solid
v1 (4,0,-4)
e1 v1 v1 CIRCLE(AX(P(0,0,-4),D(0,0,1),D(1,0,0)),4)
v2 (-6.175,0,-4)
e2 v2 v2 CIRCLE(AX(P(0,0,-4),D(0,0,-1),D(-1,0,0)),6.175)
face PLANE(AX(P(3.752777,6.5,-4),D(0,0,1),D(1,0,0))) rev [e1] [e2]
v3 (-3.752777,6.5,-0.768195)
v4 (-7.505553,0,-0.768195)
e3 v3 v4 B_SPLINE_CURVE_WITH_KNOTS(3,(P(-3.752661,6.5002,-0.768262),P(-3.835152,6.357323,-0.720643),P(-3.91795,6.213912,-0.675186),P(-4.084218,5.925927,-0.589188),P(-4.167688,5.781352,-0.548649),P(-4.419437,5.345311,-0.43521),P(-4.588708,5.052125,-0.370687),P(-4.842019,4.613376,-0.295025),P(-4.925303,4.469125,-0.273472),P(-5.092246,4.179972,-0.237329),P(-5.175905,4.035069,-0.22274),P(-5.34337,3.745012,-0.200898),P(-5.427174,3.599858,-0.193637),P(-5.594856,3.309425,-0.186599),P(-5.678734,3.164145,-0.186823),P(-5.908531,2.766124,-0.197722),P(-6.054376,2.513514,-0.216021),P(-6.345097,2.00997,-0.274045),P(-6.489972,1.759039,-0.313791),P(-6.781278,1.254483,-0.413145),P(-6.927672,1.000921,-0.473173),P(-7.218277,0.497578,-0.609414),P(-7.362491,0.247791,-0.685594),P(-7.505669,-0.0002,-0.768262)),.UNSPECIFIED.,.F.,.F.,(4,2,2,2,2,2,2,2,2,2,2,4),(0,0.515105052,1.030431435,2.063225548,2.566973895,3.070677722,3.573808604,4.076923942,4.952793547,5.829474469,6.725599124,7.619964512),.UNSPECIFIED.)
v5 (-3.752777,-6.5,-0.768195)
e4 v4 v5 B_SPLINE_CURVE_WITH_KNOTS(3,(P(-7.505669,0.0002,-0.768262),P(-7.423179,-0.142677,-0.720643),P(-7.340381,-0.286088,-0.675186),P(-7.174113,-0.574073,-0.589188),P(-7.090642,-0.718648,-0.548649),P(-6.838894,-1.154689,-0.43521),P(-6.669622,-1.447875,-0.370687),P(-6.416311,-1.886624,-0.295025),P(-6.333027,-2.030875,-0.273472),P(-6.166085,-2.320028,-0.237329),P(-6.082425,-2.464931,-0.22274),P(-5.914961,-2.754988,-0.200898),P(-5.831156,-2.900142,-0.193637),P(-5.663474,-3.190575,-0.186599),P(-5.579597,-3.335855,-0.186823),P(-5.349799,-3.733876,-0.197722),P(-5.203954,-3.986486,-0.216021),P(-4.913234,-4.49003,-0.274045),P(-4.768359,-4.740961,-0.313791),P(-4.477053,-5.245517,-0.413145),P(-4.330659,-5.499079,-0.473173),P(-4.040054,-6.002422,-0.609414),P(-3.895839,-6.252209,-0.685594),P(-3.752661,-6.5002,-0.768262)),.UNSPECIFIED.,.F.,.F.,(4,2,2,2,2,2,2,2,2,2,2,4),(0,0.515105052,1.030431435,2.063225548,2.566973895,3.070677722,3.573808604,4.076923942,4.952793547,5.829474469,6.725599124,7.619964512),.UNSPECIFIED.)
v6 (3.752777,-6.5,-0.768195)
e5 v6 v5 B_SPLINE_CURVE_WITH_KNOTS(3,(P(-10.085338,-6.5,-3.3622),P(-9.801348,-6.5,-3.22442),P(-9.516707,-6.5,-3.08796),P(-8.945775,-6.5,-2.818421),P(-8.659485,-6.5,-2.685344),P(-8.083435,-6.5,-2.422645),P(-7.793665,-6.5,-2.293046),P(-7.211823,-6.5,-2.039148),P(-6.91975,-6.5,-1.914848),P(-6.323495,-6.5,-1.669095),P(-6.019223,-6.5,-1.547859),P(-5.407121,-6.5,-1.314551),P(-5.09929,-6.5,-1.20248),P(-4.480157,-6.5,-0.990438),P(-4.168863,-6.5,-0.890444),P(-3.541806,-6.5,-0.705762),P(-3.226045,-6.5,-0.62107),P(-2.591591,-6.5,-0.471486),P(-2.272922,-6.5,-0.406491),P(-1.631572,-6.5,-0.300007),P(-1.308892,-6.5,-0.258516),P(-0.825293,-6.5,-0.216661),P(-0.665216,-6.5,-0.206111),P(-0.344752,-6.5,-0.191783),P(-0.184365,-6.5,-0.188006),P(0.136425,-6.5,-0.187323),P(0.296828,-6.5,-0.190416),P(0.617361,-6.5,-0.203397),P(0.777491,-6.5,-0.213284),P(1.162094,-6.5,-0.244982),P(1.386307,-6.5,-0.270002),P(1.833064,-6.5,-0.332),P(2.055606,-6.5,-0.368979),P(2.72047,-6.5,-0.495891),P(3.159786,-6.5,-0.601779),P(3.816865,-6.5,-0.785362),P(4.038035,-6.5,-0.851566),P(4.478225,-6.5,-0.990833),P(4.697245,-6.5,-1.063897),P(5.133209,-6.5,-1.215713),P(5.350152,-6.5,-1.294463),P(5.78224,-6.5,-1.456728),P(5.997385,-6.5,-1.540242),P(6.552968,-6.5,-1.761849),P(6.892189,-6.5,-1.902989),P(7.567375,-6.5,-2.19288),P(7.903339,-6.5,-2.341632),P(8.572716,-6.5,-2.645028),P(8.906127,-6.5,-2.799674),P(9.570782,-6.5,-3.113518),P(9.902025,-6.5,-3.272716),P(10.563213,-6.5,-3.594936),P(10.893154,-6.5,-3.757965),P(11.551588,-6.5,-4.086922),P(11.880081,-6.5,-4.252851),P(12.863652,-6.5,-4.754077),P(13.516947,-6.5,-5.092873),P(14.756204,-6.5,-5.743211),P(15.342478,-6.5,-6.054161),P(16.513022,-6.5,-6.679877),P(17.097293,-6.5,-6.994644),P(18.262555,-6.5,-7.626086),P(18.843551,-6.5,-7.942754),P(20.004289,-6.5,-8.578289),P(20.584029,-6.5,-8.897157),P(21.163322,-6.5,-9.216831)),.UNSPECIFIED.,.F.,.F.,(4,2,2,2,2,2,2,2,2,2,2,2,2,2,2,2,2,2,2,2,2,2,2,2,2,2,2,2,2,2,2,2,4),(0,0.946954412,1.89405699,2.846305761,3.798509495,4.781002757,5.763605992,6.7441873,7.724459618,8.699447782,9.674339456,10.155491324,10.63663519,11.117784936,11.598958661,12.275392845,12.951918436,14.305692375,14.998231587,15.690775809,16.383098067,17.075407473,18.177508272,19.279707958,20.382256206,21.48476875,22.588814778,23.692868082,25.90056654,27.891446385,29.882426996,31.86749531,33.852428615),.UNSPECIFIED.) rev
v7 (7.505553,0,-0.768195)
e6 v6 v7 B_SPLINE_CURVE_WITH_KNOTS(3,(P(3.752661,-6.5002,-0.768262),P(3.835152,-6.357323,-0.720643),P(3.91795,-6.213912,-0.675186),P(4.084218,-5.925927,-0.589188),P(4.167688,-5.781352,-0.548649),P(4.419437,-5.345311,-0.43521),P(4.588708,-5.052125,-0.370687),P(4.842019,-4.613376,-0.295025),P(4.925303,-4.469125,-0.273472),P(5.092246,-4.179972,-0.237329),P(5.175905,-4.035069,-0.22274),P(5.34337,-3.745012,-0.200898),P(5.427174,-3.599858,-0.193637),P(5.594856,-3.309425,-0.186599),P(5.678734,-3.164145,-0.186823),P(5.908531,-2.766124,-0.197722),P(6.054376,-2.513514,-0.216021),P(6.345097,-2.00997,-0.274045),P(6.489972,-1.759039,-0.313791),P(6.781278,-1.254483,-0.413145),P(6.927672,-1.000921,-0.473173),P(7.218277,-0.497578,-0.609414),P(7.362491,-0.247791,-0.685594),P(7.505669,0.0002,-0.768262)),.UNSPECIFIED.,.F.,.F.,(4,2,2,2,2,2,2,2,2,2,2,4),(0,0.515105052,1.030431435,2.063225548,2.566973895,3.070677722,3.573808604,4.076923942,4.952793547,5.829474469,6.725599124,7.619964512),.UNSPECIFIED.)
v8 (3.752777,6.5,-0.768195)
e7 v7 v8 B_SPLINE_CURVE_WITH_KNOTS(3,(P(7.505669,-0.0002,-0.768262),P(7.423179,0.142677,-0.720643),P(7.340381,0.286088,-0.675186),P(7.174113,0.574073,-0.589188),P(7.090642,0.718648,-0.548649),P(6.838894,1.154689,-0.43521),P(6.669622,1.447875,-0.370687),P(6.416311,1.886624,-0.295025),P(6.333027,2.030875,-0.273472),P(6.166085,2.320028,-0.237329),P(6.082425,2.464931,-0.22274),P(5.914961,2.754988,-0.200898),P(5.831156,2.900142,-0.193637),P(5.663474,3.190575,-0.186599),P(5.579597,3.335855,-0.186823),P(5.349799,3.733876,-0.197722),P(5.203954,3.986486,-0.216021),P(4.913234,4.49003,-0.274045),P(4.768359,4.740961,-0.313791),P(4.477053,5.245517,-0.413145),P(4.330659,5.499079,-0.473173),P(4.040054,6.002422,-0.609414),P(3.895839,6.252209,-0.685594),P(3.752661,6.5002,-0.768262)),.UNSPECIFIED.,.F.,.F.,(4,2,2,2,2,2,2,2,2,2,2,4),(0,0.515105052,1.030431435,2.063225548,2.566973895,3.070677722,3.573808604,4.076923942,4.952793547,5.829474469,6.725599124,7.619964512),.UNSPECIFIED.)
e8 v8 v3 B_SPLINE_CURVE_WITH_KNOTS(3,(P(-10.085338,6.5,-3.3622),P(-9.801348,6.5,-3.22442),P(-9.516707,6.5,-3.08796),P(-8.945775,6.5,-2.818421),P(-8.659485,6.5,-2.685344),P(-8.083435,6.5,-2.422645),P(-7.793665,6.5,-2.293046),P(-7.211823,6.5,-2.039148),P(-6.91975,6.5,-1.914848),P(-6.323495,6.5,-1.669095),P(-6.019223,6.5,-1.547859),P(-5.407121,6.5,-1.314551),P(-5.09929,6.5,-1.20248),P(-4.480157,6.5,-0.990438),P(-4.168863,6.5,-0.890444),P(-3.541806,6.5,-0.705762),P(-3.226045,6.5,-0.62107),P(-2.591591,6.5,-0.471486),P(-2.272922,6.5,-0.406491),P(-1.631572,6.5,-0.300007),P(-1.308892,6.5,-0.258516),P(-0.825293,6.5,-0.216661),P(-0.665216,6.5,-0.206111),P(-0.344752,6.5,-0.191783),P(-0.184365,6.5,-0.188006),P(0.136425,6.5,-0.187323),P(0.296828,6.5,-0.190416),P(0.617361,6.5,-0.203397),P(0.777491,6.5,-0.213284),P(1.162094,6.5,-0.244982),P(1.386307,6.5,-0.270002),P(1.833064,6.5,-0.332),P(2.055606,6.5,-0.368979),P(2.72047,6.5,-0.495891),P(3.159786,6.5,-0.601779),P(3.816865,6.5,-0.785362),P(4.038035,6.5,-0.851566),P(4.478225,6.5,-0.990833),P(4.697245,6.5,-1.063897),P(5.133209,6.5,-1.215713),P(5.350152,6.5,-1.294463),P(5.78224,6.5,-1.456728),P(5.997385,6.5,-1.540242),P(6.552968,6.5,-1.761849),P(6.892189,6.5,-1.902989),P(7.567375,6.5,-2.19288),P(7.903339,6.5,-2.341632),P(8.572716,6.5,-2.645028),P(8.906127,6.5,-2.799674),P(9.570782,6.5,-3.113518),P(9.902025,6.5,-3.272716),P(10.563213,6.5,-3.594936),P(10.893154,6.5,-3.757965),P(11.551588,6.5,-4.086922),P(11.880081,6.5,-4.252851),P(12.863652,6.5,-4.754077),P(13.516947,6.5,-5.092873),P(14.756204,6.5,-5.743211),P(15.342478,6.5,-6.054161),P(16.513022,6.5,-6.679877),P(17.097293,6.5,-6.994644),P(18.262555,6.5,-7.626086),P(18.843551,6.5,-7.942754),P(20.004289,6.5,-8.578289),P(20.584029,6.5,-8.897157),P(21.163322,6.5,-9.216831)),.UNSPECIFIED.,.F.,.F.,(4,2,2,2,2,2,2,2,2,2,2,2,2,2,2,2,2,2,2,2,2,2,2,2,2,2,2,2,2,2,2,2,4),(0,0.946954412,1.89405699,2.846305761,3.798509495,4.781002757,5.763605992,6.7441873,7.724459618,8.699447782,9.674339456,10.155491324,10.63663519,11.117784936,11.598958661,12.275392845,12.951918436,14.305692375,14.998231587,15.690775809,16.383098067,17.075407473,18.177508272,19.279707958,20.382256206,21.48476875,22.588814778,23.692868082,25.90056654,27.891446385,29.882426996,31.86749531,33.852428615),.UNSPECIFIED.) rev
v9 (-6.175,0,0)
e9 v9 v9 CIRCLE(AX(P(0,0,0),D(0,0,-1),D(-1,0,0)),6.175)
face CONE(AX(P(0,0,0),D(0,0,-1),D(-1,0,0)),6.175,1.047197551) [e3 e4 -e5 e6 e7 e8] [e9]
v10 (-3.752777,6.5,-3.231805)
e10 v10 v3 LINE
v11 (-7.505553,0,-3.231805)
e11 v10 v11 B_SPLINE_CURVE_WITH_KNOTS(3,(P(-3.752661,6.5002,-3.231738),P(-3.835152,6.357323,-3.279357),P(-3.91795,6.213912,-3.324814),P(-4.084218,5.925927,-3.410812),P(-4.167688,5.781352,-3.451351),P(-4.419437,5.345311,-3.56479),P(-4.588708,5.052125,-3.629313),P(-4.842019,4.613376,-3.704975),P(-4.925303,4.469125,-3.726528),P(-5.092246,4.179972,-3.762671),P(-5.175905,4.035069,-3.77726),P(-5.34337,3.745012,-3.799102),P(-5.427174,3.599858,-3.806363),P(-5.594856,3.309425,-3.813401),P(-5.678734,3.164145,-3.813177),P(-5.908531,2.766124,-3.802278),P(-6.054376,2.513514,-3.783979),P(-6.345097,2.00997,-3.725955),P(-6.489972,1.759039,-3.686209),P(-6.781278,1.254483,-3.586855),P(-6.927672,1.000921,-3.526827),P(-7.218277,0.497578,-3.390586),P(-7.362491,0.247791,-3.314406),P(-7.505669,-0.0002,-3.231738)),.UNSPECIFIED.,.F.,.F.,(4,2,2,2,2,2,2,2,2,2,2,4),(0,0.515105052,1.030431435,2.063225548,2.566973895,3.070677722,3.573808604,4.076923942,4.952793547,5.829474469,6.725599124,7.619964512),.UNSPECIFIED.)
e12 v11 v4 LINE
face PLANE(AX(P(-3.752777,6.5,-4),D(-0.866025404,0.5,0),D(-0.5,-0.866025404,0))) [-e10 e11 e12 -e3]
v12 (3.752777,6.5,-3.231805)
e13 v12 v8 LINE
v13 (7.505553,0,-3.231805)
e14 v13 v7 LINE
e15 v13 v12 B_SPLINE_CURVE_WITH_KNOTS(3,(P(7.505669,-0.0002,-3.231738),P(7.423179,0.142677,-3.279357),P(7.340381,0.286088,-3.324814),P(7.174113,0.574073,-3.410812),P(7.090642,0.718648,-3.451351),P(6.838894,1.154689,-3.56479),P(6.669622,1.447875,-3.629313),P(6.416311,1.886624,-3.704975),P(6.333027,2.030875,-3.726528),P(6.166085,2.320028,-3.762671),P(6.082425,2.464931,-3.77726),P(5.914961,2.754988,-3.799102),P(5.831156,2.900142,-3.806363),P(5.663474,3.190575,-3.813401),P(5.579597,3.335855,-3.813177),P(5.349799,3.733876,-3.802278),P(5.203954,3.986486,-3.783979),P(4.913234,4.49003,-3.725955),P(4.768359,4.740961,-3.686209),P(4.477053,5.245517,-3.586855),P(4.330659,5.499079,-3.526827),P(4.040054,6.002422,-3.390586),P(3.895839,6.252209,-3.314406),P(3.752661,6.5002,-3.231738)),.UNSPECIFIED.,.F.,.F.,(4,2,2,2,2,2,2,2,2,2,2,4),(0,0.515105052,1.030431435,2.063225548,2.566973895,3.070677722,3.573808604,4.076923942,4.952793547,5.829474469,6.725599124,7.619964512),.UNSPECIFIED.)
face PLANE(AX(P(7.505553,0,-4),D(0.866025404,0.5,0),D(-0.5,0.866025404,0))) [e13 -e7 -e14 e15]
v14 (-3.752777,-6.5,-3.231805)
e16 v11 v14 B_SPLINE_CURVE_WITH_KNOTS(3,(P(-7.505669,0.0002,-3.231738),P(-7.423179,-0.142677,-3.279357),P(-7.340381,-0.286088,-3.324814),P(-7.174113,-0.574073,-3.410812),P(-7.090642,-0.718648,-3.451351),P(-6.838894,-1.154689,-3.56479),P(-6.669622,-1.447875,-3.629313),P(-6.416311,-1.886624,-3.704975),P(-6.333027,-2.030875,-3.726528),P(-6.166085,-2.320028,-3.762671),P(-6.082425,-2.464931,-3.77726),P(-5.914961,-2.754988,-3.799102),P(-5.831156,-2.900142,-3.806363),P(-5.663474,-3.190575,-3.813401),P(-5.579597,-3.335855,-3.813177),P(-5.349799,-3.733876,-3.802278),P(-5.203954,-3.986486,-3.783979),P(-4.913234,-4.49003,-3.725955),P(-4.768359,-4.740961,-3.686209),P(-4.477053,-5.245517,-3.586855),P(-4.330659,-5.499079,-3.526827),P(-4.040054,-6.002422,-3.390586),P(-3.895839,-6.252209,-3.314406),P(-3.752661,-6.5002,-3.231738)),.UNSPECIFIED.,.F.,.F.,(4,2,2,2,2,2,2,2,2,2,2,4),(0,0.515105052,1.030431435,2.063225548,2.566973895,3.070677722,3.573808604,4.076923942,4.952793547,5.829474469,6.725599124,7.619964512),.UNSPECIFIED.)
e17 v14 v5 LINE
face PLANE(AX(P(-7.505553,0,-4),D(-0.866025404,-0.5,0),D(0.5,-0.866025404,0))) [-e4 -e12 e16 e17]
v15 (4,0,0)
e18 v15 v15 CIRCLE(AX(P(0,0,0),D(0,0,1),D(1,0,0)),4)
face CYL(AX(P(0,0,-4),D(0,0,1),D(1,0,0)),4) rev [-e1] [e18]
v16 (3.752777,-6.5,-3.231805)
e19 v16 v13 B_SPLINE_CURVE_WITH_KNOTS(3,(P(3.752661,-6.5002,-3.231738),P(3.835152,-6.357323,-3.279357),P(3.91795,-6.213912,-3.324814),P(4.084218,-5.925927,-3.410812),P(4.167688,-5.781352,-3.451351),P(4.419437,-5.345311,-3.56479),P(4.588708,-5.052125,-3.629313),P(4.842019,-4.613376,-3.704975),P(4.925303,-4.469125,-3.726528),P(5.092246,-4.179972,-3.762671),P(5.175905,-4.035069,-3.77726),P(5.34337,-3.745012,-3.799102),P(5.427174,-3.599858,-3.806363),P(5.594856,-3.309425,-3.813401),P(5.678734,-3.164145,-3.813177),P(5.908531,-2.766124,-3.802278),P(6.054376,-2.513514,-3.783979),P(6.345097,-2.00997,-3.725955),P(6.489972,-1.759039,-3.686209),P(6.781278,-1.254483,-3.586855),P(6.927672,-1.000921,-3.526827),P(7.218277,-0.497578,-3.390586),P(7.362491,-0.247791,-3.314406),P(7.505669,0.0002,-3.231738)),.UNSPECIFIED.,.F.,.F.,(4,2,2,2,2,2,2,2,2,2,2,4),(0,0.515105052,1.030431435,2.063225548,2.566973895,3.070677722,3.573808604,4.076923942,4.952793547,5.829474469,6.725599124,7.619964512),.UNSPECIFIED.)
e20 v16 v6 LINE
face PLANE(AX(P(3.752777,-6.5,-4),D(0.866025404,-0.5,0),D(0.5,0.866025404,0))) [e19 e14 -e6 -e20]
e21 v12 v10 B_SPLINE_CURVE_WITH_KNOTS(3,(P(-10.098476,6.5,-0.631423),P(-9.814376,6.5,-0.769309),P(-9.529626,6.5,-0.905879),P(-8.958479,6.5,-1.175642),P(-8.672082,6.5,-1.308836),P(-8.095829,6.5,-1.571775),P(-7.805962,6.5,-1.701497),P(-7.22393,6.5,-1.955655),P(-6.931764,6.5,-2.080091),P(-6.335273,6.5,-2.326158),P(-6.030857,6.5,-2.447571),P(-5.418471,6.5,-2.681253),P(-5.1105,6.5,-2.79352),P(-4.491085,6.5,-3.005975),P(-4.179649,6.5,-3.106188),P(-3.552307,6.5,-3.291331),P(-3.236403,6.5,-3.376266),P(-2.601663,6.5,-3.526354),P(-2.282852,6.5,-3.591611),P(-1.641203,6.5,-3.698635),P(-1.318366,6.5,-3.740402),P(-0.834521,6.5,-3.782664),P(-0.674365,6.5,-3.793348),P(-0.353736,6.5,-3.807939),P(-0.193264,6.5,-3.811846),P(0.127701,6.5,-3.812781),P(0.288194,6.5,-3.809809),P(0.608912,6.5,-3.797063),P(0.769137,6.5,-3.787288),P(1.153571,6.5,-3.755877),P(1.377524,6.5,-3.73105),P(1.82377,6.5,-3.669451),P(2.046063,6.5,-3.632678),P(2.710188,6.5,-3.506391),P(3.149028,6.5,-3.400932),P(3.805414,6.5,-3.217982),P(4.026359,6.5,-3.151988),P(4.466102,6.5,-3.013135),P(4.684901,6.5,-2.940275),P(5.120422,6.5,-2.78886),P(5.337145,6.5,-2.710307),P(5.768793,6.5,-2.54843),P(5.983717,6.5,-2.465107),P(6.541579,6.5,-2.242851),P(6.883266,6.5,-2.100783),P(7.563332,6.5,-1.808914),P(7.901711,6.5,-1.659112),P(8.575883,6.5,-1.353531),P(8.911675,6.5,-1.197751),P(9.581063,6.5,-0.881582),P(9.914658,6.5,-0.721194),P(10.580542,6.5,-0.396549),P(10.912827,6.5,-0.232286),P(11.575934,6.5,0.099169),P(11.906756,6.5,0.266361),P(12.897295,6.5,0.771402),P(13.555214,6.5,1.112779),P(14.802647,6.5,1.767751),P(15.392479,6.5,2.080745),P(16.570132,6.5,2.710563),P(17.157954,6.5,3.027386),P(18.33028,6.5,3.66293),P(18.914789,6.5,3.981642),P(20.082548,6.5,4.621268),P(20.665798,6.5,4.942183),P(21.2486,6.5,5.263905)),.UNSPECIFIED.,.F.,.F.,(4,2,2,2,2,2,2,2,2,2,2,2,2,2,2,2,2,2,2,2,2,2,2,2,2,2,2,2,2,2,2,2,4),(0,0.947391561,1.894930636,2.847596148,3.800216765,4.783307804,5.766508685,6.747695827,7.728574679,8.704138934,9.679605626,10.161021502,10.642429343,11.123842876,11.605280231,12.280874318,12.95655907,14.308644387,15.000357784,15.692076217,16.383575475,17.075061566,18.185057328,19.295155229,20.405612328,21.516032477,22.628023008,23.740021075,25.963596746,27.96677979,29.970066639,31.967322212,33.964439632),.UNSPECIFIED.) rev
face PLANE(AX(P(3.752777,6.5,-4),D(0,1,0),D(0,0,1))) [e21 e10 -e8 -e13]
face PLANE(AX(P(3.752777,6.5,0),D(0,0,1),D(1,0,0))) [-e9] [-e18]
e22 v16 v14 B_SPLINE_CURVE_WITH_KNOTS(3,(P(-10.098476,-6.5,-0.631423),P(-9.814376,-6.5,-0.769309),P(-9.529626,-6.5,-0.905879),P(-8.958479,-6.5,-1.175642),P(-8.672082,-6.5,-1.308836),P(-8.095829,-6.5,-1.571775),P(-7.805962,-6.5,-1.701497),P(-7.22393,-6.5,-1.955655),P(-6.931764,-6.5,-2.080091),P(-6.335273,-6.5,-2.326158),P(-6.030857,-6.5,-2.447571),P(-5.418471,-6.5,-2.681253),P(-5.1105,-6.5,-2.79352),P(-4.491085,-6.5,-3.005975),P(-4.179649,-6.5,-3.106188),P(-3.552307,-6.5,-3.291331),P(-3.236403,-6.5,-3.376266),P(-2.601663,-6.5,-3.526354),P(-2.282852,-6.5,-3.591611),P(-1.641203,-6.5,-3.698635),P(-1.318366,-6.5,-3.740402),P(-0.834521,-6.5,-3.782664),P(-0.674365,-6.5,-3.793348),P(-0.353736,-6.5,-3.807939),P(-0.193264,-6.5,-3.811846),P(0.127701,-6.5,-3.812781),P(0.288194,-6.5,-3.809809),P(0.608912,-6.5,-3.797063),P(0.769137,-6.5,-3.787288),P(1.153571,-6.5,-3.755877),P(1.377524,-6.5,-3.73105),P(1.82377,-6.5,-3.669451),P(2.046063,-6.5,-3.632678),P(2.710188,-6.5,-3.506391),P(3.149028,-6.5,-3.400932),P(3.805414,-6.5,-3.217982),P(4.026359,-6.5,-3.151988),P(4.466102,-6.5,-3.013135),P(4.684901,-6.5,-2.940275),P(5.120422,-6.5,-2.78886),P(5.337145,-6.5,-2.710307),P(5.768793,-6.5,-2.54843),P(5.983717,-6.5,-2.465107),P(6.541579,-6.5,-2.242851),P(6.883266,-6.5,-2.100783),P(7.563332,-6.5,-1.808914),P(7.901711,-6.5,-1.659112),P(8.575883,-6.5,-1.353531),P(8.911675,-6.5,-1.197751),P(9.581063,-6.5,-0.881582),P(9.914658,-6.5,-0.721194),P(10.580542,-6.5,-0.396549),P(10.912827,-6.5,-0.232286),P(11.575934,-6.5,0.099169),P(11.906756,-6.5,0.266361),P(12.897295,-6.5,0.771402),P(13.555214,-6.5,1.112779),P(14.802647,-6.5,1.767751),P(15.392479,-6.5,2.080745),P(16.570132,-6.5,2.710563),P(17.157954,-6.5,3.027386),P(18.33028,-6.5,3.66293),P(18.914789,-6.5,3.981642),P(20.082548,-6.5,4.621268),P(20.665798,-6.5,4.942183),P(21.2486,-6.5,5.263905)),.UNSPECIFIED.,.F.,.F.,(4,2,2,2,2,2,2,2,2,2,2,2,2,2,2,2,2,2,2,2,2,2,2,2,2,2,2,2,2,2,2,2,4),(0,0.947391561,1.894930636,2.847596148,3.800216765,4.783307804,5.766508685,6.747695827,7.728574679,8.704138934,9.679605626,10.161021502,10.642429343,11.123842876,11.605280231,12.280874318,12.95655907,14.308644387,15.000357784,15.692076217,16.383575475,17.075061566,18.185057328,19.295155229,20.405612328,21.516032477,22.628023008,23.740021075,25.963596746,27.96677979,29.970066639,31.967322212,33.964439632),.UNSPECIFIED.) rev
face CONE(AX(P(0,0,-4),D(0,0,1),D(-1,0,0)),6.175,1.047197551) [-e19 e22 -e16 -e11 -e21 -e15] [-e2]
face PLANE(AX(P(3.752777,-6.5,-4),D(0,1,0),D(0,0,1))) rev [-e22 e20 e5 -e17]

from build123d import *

# Parameters (mm, degrees)
BASENUTSKE_R       = 4
BASENUT_DEPTH      = 4
SKETCH6_OUTSIDE_W  = 38.384
SKETCH6_OUTSIDE_H  = 36.372
SKETCH6_OUTSIDE_R  = 6.175
CUT_EXTRUDE2_DEPTH = 5
CUT_EXTRUDE2_TAPER = 60


with BuildPart() as part:
    # BaseNutSke → BaseNut (new body)
    with BuildSketch(Plane.XY):
        Polygon((3.75277675, -6.5), (-3.75277675, -6.5), (-7.505553499, 0), (-3.75277675, 6.5), (3.75277675, 6.5), (7.505553499, 0), align=None)
        Circle(BASENUTSKE_R, mode=Mode.SUBTRACT)
    extrude(amount=-BASENUT_DEPTH)

    # Sketch6 outside → Cut-Extrude2 (cut, through all)
    with BuildSketch(Plane(origin=(0, 0, -4), x_dir=(-1, 0, 0), z_dir=(0, 0, -1))):
        Rectangle(SKETCH6_OUTSIDE_W, SKETCH6_OUTSIDE_H)
        Circle(SKETCH6_OUTSIDE_R, mode=Mode.SUBTRACT)
    cut_extrude2 = extrude(amount=-CUT_EXTRUDE2_DEPTH, taper=CUT_EXTRUDE2_TAPER, mode=Mode.SUBTRACT)

    # Mirror1: Cut-Extrude2 across plane
    add(cut_extrude2.mirror(Plane(origin=(0, 0, -2), x_dir=(1, 0, 0), z_dir=(0, 0, -1))), mode=Mode.SUBTRACT)


solid = part.part
